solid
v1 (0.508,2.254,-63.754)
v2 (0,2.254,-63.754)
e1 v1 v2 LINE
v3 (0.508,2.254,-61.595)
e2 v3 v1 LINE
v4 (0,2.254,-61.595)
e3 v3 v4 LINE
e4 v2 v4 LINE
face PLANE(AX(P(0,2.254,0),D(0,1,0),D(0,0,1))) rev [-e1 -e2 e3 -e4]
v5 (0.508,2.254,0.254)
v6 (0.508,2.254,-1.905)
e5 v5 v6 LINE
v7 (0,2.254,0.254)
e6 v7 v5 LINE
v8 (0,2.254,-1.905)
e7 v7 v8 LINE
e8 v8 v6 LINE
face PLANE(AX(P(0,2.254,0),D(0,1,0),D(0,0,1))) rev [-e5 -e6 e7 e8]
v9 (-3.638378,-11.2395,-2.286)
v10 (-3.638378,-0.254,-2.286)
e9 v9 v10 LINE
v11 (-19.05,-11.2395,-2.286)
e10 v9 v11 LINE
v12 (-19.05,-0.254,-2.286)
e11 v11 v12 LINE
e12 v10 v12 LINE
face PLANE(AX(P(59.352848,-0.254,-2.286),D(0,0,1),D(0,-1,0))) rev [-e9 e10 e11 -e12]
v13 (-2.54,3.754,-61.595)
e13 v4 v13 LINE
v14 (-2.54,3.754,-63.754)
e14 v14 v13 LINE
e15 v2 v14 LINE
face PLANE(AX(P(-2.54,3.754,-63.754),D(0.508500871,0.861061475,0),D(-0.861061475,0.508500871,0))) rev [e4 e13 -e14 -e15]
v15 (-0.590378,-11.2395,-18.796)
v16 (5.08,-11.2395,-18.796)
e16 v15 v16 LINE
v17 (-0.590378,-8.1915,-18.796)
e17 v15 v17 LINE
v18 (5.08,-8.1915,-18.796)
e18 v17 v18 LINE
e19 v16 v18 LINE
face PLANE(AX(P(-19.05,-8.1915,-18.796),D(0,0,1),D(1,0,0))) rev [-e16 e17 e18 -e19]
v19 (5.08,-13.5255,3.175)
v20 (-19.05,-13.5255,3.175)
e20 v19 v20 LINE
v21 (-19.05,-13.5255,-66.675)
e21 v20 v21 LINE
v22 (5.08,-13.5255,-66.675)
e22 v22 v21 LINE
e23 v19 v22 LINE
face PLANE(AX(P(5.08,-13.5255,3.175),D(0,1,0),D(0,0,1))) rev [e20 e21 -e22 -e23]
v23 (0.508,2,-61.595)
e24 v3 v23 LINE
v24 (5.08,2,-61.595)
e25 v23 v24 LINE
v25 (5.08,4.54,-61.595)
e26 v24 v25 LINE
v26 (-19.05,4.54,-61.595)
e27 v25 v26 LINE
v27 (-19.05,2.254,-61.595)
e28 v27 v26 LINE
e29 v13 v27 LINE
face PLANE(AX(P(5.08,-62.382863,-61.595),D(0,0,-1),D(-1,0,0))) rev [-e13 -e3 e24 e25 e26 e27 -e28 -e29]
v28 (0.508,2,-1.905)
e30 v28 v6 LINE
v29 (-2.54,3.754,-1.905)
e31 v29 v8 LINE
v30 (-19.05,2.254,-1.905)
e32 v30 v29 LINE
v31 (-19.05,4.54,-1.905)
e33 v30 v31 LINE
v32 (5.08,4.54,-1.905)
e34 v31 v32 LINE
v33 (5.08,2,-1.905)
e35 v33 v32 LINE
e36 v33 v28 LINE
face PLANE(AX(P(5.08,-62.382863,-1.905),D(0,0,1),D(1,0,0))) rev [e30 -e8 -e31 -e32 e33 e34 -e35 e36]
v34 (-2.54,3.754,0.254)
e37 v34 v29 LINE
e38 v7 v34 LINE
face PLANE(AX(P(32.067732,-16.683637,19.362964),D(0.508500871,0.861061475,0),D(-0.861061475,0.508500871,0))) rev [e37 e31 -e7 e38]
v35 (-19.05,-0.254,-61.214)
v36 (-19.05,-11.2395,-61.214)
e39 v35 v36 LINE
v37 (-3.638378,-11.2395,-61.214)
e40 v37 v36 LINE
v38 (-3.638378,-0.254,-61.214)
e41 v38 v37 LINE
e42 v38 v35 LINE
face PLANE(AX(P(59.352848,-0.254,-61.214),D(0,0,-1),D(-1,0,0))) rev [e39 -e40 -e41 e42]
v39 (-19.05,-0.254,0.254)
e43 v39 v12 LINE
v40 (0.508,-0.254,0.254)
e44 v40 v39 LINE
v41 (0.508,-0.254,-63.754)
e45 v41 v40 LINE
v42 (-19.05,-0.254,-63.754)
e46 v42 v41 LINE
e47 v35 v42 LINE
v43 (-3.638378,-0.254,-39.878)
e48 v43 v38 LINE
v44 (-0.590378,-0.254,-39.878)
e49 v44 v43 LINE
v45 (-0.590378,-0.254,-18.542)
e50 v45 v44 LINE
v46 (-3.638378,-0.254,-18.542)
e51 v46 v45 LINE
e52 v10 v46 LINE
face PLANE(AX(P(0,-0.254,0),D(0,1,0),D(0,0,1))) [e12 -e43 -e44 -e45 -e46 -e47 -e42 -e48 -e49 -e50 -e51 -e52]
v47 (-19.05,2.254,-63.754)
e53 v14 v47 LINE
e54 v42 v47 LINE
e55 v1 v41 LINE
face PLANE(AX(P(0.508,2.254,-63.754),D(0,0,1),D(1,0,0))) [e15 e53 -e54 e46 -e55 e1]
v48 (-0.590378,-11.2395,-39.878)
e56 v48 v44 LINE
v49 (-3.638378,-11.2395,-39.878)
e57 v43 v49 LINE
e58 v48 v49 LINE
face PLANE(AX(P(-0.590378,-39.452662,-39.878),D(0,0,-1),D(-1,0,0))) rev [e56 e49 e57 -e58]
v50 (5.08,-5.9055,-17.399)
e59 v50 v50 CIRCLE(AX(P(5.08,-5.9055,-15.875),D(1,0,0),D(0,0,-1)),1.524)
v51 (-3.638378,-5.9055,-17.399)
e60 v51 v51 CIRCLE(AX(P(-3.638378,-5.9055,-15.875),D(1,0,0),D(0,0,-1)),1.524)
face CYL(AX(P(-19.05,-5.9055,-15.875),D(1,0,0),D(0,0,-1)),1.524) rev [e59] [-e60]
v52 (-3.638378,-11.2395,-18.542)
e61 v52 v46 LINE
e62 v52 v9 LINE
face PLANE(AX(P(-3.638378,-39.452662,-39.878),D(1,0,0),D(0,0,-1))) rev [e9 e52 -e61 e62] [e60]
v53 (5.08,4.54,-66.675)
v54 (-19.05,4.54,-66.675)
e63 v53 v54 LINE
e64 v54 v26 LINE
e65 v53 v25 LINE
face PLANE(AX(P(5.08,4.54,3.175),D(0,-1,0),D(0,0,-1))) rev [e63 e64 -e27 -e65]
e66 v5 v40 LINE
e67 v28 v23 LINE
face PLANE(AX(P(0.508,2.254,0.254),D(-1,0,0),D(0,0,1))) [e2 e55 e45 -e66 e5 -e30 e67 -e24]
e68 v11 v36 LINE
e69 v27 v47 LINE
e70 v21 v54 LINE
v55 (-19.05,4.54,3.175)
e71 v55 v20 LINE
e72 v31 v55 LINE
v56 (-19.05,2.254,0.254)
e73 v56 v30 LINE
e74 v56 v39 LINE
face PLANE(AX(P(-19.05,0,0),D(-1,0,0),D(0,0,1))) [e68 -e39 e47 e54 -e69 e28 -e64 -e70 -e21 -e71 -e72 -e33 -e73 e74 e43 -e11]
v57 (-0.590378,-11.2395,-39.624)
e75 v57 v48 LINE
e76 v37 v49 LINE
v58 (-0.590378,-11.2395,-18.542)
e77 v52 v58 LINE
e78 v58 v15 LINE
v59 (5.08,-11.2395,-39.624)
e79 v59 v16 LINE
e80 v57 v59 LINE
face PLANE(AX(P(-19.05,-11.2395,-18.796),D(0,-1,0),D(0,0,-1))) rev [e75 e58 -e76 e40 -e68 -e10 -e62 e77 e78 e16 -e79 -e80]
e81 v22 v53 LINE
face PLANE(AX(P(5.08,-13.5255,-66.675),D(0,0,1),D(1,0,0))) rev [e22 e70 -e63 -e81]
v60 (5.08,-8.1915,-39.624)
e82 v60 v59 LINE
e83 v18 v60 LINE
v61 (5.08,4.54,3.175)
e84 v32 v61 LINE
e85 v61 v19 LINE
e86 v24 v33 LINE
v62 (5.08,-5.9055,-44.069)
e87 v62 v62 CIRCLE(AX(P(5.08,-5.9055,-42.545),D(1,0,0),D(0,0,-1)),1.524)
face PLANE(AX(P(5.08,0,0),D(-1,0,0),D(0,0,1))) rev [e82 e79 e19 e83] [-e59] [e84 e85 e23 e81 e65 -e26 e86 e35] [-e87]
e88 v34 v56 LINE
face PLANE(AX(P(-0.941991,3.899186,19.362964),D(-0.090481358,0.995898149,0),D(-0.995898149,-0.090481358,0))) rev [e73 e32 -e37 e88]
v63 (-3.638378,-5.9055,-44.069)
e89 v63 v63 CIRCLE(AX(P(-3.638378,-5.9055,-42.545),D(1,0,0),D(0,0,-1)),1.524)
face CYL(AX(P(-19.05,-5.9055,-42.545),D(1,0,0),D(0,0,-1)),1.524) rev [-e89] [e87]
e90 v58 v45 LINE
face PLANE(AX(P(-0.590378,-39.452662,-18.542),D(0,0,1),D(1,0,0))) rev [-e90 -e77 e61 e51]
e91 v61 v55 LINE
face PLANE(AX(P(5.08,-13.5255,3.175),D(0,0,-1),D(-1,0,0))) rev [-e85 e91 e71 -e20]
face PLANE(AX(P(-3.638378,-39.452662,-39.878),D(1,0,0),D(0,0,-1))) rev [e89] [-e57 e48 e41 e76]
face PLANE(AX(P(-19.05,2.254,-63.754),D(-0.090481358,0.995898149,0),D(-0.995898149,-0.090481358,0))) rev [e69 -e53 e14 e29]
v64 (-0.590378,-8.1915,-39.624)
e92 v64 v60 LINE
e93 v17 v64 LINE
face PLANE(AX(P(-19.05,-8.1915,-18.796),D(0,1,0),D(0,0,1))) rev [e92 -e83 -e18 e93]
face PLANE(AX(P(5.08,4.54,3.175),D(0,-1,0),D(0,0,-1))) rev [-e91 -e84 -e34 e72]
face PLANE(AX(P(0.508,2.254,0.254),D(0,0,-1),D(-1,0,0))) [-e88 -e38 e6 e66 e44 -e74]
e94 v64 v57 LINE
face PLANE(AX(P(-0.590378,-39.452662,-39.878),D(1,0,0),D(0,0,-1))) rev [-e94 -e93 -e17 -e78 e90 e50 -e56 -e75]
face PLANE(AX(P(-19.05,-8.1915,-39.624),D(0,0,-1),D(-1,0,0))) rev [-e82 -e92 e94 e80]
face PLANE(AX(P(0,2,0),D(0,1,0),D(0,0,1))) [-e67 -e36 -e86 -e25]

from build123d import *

# Parameters (mm, degrees)
BOSS_EXTRUDE1_DEPTH      = 5.08
BOSS_EXTRUDE1_DEPTH_BACK = 19.05
SKETCH1_W                = 69.85
SKETCH1_H                = 18.0655
CUT_EXTRUDE1_DEPTH       = 0.254
CUT_EXTRUDE1_DEPTH_BACK  = 2.254
SKETCH2_W                = 97.536
SKETCH2_H                = 64.008
CUT_EXTRUDE2_DEPTH       = 73.185536469
CUT_EXTRUDE2_DEPTH_BACK  = 73.185536469
SKETCH3_W                = 20.828
SKETCH3_H                = 3.048
CUT_EXTRUDE3_START       = -2.54
SKETCH4_W                = 24.13
SKETCH4_H                = 59.69
CUT_EXTRUDE3_DEPTH       = 2.54
CUT_EXTRUDE4_REACH       = 72.602
SKETCH5_W                = 18.459621809
SKETCH5_H                = 21.336
SKETCH6_W                = 58.928
SKETCH6_H                = 10.9855
CUT_EXTRUDE5_DEPTH       = 15.411621809
SKETCH7_R                = 1.524
CUT_EXTRUDE6_DEPTH       = 73.185536469
CUT_EXTRUDE7_DEPTH       = 2.159
CUT_EXTRUDE9_START       = 59.69
CUT_EXTRUDE9_DEPTH       = 2.159


with BuildPart() as part:
    # Sketch1 → Boss-Extrude1 (new, two sides: drawn at the far end of the back side and taken through both)
    with BuildSketch(Plane(origin=(0, 0, 0), x_dir=(0, 0, -1), z_dir=(1, 0, 0)).offset(-BOSS_EXTRUDE1_DEPTH_BACK)):
        with Locations((31.75, -4.49275)):
            Rectangle(SKETCH1_W, SKETCH1_H)
    extrude(amount=BOSS_EXTRUDE1_DEPTH + BOSS_EXTRUDE1_DEPTH_BACK)

    # Sketch2 → Cut-Extrude1 (cut, two sides: drawn at the far end of the back side and taken through both)
    with BuildSketch(Plane(origin=(0, 2, 0), x_dir=(1, 0, 0), z_dir=(0, 1, 0)).offset(-CUT_EXTRUDE1_DEPTH_BACK)):
        with Locations((-48.26, 31.75)):
            Rectangle(SKETCH2_W, SKETCH2_H)
    extrude(amount=CUT_EXTRUDE1_DEPTH + CUT_EXTRUDE1_DEPTH_BACK, mode=Mode.SUBTRACT)

    # Sketch3 → Cut-Extrude2 (cut, two sides: drawn at the far end of the back side and taken through both)
    with BuildSketch(Plane(origin=(5.08, 0, 0), x_dir=(0, 0, -1), z_dir=(1, 0, 0)).offset(-CUT_EXTRUDE2_DEPTH_BACK)):
        with Locations((29.21, -9.7155)):
            Rectangle(SKETCH3_W, SKETCH3_H)
    extrude(amount=CUT_EXTRUDE2_DEPTH + CUT_EXTRUDE2_DEPTH_BACK, mode=Mode.SUBTRACT)

    # Sketch4 → Cut-Extrude3 (cut)
    with BuildSketch(Plane(origin=(0, 4.54, 0), x_dir=(1, 0, 0), z_dir=(0, 1, 0)).offset(CUT_EXTRUDE3_START)):
        with Locations((-6.985, 31.75)):
            Rectangle(SKETCH4_W, SKETCH4_H)
    extrude(amount=CUT_EXTRUDE3_DEPTH, mode=Mode.SUBTRACT)

    # Cut-Extrude4: up to this face of the body (flat: up to its plane)
    cut_extrude4_end = Plane(part.part.faces().sort_by_distance((-6.985, -11.2395, -29.21))[0])
    # Sketch5 → Cut-Extrude4 (cut, up to the picked face)
    with BuildSketch(Plane(origin=(0, -0.254, 0), x_dir=(1, 0, 0), z_dir=(0, 1, 0)), mode=Mode.PRIVATE) as cut_extrude4_sk1:
        with Locations((-9.820189095, 29.21)):
            Rectangle(SKETCH5_W, SKETCH5_H)
    cut_extrude4_tool1 = split(extrude(cut_extrude4_sk1.sketch, amount=-CUT_EXTRUDE4_REACH, mode=Mode.PRIVATE), bisect_by=cut_extrude4_end, keep=Keep.BOTH, mode=Mode.PRIVATE)
    add(cut_extrude4_tool1.solids().sort_by(Axis((-9.820189, -0.254, -29.21), (0, -1, 0)))[0], mode=Mode.SUBTRACT)

    # Sketch6 → Cut-Extrude5 (cut)
    with BuildSketch(Plane.ZY.offset(19.05)):
        with Locations((-31.75, -5.74675)):
            Rectangle(SKETCH6_W, SKETCH6_H)
    extrude(amount=-CUT_EXTRUDE5_DEPTH, mode=Mode.SUBTRACT)

    # Sketch7 → Cut-Extrude6 (cut, through all)
    with BuildSketch(Plane(origin=(5.08, 0, 0), x_dir=(0, 0, -1), z_dir=(1, 0, 0))):
        with Locations((15.875, -5.9055)):
            Circle(SKETCH7_R)
        with Locations((42.545, -5.9055)):
            Circle(SKETCH7_R)
    extrude(amount=-CUT_EXTRUDE6_DEPTH, mode=Mode.SUBTRACT)

    # Sketch8 → Cut-Extrude7 (cut)
    with BuildSketch(Plane.XY.offset(-61.595)):
        Polygon((-19.05, 2.254), (-2.54, 3.754), (0, 2.254), align=None)
    extrude(amount=-CUT_EXTRUDE7_DEPTH, mode=Mode.SUBTRACT)

    # Sketch8<2> → Cut-Extrude9 (cut)
    with BuildSketch(Plane.XY.offset(-61.595).offset(CUT_EXTRUDE9_START)):
        Polygon((-19.05, 2.254), (-2.54, 3.754), (0, 2.254), align=None)
    extrude(amount=CUT_EXTRUDE9_DEPTH, mode=Mode.SUBTRACT)


solid = part.part
